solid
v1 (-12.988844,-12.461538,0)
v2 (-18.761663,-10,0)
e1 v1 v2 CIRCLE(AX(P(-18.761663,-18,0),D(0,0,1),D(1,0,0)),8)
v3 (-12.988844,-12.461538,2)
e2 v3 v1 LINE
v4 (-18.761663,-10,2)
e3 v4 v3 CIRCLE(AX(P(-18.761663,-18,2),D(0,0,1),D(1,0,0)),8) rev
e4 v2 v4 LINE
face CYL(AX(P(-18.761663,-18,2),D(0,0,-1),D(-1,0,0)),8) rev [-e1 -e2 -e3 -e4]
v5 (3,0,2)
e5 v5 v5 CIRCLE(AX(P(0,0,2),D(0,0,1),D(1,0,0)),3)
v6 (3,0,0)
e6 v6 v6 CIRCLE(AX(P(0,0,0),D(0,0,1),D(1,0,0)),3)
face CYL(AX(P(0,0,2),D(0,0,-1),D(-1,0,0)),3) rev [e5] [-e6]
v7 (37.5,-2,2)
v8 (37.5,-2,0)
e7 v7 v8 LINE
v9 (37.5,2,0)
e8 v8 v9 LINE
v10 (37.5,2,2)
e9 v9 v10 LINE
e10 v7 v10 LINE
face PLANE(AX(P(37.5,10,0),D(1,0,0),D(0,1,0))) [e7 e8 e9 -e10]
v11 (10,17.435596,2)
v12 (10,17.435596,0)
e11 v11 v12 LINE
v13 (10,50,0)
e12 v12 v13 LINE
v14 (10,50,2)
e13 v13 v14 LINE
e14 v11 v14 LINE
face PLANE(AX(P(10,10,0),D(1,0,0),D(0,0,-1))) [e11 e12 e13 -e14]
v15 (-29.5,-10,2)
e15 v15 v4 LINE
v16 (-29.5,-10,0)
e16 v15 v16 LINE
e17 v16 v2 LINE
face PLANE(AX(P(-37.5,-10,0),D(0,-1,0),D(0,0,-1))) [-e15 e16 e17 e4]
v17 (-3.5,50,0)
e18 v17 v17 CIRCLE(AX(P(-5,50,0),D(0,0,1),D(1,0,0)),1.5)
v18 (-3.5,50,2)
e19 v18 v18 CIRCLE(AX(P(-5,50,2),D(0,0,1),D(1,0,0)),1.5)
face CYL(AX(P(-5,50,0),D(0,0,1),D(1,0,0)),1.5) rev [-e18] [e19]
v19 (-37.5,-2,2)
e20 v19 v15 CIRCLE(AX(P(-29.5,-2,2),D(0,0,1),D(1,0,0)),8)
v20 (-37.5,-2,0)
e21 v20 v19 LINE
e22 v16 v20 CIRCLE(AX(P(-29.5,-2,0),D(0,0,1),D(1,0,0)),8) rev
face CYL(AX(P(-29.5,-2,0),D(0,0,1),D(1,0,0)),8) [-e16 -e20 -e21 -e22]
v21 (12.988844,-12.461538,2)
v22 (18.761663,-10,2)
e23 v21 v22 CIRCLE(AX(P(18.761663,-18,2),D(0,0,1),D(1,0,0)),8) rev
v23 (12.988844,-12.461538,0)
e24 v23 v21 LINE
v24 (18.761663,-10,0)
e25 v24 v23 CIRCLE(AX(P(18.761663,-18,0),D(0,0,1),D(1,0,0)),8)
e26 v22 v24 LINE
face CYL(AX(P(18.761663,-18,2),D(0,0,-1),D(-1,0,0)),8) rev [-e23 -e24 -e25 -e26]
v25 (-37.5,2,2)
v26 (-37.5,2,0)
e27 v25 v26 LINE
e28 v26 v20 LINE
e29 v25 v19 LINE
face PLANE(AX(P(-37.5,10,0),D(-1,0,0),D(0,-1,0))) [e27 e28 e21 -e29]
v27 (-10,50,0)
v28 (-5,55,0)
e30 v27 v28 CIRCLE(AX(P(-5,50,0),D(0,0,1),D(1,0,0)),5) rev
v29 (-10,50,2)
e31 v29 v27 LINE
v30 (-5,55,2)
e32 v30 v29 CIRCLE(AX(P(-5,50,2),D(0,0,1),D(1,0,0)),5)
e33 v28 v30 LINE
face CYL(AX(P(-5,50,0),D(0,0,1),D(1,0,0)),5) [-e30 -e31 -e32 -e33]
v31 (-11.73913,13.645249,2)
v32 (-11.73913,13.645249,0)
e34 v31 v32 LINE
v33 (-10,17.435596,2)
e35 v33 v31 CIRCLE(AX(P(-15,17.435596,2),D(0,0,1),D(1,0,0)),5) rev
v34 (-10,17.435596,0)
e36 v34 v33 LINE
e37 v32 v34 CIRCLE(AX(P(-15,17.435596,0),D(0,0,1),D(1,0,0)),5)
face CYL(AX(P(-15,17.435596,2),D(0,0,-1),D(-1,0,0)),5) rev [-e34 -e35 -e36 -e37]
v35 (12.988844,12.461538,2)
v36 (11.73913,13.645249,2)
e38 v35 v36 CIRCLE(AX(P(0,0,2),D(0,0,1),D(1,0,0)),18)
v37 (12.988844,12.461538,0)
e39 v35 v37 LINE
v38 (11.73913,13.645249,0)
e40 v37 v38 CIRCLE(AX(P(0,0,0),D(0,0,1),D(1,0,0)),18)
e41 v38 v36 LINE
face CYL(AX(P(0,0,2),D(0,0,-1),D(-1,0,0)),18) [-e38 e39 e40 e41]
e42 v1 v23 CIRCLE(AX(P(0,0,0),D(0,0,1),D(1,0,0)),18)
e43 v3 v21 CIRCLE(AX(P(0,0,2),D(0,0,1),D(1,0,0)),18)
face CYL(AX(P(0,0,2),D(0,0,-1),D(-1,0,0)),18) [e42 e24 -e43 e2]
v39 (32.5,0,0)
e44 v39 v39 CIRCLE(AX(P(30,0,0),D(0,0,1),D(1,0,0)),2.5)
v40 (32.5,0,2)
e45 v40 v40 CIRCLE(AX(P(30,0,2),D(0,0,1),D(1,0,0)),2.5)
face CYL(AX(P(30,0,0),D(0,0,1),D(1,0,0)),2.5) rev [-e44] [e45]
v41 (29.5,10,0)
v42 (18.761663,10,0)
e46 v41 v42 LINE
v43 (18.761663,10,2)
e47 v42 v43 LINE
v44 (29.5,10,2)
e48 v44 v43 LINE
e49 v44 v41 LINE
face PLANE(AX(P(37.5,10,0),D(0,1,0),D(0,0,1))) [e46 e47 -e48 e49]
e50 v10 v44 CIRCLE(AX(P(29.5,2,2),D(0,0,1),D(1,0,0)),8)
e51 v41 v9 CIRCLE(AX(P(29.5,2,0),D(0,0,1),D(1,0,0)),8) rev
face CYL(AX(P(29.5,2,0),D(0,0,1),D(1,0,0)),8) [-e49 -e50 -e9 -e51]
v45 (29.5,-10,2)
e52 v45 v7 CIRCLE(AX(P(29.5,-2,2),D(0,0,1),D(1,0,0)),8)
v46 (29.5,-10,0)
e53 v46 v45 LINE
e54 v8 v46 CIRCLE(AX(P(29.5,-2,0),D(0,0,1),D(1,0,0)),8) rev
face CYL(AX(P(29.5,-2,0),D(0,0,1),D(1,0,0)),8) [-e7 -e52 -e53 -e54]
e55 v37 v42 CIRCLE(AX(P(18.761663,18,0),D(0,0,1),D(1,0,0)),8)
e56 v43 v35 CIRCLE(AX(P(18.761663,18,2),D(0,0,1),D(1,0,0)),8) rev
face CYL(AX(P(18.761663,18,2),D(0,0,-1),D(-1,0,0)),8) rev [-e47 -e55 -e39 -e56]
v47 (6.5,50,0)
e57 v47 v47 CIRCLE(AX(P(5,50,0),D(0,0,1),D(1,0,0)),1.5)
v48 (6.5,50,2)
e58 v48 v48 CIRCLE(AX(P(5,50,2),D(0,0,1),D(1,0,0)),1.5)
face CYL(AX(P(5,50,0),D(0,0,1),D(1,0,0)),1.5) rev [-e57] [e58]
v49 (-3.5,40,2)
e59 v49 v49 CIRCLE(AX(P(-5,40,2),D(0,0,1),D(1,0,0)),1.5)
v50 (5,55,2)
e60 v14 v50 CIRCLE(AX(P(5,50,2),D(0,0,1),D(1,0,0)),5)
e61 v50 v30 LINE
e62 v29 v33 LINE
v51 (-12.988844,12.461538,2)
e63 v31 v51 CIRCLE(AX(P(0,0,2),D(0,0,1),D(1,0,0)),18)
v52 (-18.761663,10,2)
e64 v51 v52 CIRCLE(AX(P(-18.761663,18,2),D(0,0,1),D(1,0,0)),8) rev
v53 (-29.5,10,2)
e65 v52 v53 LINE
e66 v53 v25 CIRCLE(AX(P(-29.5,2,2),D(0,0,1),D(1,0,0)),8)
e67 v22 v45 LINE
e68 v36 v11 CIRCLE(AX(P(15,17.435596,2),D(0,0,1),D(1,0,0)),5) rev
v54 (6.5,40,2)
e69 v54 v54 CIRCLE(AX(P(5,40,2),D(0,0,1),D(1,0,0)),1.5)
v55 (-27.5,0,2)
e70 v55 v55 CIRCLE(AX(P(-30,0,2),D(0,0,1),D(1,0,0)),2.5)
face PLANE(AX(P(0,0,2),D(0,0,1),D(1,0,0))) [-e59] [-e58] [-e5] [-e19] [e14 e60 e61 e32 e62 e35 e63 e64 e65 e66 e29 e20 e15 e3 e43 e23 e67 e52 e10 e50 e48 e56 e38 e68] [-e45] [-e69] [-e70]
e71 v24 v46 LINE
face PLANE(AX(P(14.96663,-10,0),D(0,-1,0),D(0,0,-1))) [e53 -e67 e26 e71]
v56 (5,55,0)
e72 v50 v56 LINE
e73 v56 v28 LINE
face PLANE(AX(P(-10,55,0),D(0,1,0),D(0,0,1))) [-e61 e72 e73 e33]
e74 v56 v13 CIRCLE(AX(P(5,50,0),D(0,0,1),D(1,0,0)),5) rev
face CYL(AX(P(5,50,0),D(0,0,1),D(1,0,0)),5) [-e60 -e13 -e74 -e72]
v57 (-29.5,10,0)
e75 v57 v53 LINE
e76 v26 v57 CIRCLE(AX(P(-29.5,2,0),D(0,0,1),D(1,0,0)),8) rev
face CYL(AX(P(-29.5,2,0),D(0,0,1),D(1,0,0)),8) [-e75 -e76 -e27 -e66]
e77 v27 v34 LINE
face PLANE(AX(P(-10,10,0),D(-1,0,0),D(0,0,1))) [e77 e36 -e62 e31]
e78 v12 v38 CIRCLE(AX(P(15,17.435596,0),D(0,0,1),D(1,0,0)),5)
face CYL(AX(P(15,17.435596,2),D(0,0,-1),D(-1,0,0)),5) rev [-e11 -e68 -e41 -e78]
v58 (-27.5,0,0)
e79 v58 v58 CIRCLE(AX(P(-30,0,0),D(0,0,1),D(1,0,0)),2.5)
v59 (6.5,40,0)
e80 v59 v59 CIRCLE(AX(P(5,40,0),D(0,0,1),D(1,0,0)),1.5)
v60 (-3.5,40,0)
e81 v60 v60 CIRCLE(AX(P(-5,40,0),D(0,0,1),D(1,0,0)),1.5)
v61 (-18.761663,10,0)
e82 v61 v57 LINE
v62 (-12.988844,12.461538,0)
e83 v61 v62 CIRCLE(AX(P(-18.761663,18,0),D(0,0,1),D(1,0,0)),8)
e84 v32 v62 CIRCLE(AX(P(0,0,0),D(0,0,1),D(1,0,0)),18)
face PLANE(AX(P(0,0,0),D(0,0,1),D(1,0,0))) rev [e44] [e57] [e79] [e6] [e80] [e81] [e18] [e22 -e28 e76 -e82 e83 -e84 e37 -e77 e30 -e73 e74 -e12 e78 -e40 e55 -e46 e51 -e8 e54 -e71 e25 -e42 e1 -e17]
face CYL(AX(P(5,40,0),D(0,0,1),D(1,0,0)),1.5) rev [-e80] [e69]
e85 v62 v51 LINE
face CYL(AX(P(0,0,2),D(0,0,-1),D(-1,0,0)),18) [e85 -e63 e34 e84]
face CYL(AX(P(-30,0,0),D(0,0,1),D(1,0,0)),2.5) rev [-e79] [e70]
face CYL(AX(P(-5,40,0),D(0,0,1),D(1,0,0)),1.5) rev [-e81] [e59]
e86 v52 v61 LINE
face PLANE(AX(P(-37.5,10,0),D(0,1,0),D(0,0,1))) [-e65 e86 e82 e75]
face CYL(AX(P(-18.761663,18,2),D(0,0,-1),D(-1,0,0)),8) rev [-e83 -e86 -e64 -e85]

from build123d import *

# Parameters (mm, degrees)
SKETCH_1_R      = 18
SKETCH_1_R_2    = 3
EXTRUDE_1_DEPTH = 2
SKETCH_2_W      = 22.533370453
SKETCH_2_H      = 20
SKETCH_2_R      = 2.5
EXTRUDE_2_DEPTH = 2
SKETCH_3_W      = 20
SKETCH_3_H      = 45
SKETCH_3_R      = 1.5
EXTRUDE_3_DEPTH = 2
FILLET_1_R      = 5
FILLET_2_R      = 8


with BuildPart() as part:
    # 草图1 → 凸台-拉伸1 (new body)
    with BuildSketch(Plane.XY):
        Circle(SKETCH_1_R)
        Circle(SKETCH_1_R_2, mode=Mode.SUBTRACT)
    extrude(amount=EXTRUDE_1_DEPTH)

    # 草图2 → 凸台-拉伸2 (add)
    # profile 1 of 2: a face of its own
    with BuildSketch(Plane.XY.offset(2)):
        with Locations((-26.233314773, 0)):
            Rectangle(SKETCH_2_W, SKETCH_2_H)
        with Locations((-30, 0)):
            Circle(SKETCH_2_R, mode=Mode.SUBTRACT)
    # profile 2 of 2: a face of its own
    with BuildSketch(Plane.XY.offset(2)):
        with Locations((26.233314773, 0)):
            Rectangle(SKETCH_2_W, SKETCH_2_H)
        with Locations((30, 0)):
            Circle(SKETCH_2_R, mode=Mode.SUBTRACT)
    extrude(amount=-EXTRUDE_2_DEPTH)

    # 草图3 → 凸台-拉伸3 (add)
    with BuildSketch(Plane.XY.offset(2)):
        with Locations((0, 32.5)):
            Rectangle(SKETCH_3_W, SKETCH_3_H)
        with Locations((-5, 50)):
            Circle(SKETCH_3_R, mode=Mode.SUBTRACT)
        with Locations((-5, 40)):
            Circle(SKETCH_3_R, mode=Mode.SUBTRACT)
        with Locations((5, 40)):
            Circle(SKETCH_3_R, mode=Mode.SUBTRACT)
        with Locations((5, 50)):
            Circle(SKETCH_3_R, mode=Mode.SUBTRACT)
    extrude(amount=-EXTRUDE_3_DEPTH)

    # 圆角1
    fillet_1_edges = [part.edges().sort_by_distance(p)[0] for p in [
        (-10, 14.966629547, 1),
        (10, 14.966629547, 1),
        (10, 55, 1),
        (-10, 55, 1),
    ]]
    fillet(fillet_1_edges, radius=FILLET_1_R)

    # 圆角2
    fillet_2_edges = [part.edges().sort_by_distance(p)[0] for p in [
        (37.5, -10, 1),
        (14.966629547, -10, 1),
        (14.966629547, 10, 1),
        (37.5, 10, 1),
        (-37.5, 10, 1),
        (-14.966629547, 10, 1),
        (-14.966629547, -10, 1),
        (-37.5, -10, 1),
    ]]
    fillet(fillet_2_edges, radius=FILLET_2_R)


solid = part.part
